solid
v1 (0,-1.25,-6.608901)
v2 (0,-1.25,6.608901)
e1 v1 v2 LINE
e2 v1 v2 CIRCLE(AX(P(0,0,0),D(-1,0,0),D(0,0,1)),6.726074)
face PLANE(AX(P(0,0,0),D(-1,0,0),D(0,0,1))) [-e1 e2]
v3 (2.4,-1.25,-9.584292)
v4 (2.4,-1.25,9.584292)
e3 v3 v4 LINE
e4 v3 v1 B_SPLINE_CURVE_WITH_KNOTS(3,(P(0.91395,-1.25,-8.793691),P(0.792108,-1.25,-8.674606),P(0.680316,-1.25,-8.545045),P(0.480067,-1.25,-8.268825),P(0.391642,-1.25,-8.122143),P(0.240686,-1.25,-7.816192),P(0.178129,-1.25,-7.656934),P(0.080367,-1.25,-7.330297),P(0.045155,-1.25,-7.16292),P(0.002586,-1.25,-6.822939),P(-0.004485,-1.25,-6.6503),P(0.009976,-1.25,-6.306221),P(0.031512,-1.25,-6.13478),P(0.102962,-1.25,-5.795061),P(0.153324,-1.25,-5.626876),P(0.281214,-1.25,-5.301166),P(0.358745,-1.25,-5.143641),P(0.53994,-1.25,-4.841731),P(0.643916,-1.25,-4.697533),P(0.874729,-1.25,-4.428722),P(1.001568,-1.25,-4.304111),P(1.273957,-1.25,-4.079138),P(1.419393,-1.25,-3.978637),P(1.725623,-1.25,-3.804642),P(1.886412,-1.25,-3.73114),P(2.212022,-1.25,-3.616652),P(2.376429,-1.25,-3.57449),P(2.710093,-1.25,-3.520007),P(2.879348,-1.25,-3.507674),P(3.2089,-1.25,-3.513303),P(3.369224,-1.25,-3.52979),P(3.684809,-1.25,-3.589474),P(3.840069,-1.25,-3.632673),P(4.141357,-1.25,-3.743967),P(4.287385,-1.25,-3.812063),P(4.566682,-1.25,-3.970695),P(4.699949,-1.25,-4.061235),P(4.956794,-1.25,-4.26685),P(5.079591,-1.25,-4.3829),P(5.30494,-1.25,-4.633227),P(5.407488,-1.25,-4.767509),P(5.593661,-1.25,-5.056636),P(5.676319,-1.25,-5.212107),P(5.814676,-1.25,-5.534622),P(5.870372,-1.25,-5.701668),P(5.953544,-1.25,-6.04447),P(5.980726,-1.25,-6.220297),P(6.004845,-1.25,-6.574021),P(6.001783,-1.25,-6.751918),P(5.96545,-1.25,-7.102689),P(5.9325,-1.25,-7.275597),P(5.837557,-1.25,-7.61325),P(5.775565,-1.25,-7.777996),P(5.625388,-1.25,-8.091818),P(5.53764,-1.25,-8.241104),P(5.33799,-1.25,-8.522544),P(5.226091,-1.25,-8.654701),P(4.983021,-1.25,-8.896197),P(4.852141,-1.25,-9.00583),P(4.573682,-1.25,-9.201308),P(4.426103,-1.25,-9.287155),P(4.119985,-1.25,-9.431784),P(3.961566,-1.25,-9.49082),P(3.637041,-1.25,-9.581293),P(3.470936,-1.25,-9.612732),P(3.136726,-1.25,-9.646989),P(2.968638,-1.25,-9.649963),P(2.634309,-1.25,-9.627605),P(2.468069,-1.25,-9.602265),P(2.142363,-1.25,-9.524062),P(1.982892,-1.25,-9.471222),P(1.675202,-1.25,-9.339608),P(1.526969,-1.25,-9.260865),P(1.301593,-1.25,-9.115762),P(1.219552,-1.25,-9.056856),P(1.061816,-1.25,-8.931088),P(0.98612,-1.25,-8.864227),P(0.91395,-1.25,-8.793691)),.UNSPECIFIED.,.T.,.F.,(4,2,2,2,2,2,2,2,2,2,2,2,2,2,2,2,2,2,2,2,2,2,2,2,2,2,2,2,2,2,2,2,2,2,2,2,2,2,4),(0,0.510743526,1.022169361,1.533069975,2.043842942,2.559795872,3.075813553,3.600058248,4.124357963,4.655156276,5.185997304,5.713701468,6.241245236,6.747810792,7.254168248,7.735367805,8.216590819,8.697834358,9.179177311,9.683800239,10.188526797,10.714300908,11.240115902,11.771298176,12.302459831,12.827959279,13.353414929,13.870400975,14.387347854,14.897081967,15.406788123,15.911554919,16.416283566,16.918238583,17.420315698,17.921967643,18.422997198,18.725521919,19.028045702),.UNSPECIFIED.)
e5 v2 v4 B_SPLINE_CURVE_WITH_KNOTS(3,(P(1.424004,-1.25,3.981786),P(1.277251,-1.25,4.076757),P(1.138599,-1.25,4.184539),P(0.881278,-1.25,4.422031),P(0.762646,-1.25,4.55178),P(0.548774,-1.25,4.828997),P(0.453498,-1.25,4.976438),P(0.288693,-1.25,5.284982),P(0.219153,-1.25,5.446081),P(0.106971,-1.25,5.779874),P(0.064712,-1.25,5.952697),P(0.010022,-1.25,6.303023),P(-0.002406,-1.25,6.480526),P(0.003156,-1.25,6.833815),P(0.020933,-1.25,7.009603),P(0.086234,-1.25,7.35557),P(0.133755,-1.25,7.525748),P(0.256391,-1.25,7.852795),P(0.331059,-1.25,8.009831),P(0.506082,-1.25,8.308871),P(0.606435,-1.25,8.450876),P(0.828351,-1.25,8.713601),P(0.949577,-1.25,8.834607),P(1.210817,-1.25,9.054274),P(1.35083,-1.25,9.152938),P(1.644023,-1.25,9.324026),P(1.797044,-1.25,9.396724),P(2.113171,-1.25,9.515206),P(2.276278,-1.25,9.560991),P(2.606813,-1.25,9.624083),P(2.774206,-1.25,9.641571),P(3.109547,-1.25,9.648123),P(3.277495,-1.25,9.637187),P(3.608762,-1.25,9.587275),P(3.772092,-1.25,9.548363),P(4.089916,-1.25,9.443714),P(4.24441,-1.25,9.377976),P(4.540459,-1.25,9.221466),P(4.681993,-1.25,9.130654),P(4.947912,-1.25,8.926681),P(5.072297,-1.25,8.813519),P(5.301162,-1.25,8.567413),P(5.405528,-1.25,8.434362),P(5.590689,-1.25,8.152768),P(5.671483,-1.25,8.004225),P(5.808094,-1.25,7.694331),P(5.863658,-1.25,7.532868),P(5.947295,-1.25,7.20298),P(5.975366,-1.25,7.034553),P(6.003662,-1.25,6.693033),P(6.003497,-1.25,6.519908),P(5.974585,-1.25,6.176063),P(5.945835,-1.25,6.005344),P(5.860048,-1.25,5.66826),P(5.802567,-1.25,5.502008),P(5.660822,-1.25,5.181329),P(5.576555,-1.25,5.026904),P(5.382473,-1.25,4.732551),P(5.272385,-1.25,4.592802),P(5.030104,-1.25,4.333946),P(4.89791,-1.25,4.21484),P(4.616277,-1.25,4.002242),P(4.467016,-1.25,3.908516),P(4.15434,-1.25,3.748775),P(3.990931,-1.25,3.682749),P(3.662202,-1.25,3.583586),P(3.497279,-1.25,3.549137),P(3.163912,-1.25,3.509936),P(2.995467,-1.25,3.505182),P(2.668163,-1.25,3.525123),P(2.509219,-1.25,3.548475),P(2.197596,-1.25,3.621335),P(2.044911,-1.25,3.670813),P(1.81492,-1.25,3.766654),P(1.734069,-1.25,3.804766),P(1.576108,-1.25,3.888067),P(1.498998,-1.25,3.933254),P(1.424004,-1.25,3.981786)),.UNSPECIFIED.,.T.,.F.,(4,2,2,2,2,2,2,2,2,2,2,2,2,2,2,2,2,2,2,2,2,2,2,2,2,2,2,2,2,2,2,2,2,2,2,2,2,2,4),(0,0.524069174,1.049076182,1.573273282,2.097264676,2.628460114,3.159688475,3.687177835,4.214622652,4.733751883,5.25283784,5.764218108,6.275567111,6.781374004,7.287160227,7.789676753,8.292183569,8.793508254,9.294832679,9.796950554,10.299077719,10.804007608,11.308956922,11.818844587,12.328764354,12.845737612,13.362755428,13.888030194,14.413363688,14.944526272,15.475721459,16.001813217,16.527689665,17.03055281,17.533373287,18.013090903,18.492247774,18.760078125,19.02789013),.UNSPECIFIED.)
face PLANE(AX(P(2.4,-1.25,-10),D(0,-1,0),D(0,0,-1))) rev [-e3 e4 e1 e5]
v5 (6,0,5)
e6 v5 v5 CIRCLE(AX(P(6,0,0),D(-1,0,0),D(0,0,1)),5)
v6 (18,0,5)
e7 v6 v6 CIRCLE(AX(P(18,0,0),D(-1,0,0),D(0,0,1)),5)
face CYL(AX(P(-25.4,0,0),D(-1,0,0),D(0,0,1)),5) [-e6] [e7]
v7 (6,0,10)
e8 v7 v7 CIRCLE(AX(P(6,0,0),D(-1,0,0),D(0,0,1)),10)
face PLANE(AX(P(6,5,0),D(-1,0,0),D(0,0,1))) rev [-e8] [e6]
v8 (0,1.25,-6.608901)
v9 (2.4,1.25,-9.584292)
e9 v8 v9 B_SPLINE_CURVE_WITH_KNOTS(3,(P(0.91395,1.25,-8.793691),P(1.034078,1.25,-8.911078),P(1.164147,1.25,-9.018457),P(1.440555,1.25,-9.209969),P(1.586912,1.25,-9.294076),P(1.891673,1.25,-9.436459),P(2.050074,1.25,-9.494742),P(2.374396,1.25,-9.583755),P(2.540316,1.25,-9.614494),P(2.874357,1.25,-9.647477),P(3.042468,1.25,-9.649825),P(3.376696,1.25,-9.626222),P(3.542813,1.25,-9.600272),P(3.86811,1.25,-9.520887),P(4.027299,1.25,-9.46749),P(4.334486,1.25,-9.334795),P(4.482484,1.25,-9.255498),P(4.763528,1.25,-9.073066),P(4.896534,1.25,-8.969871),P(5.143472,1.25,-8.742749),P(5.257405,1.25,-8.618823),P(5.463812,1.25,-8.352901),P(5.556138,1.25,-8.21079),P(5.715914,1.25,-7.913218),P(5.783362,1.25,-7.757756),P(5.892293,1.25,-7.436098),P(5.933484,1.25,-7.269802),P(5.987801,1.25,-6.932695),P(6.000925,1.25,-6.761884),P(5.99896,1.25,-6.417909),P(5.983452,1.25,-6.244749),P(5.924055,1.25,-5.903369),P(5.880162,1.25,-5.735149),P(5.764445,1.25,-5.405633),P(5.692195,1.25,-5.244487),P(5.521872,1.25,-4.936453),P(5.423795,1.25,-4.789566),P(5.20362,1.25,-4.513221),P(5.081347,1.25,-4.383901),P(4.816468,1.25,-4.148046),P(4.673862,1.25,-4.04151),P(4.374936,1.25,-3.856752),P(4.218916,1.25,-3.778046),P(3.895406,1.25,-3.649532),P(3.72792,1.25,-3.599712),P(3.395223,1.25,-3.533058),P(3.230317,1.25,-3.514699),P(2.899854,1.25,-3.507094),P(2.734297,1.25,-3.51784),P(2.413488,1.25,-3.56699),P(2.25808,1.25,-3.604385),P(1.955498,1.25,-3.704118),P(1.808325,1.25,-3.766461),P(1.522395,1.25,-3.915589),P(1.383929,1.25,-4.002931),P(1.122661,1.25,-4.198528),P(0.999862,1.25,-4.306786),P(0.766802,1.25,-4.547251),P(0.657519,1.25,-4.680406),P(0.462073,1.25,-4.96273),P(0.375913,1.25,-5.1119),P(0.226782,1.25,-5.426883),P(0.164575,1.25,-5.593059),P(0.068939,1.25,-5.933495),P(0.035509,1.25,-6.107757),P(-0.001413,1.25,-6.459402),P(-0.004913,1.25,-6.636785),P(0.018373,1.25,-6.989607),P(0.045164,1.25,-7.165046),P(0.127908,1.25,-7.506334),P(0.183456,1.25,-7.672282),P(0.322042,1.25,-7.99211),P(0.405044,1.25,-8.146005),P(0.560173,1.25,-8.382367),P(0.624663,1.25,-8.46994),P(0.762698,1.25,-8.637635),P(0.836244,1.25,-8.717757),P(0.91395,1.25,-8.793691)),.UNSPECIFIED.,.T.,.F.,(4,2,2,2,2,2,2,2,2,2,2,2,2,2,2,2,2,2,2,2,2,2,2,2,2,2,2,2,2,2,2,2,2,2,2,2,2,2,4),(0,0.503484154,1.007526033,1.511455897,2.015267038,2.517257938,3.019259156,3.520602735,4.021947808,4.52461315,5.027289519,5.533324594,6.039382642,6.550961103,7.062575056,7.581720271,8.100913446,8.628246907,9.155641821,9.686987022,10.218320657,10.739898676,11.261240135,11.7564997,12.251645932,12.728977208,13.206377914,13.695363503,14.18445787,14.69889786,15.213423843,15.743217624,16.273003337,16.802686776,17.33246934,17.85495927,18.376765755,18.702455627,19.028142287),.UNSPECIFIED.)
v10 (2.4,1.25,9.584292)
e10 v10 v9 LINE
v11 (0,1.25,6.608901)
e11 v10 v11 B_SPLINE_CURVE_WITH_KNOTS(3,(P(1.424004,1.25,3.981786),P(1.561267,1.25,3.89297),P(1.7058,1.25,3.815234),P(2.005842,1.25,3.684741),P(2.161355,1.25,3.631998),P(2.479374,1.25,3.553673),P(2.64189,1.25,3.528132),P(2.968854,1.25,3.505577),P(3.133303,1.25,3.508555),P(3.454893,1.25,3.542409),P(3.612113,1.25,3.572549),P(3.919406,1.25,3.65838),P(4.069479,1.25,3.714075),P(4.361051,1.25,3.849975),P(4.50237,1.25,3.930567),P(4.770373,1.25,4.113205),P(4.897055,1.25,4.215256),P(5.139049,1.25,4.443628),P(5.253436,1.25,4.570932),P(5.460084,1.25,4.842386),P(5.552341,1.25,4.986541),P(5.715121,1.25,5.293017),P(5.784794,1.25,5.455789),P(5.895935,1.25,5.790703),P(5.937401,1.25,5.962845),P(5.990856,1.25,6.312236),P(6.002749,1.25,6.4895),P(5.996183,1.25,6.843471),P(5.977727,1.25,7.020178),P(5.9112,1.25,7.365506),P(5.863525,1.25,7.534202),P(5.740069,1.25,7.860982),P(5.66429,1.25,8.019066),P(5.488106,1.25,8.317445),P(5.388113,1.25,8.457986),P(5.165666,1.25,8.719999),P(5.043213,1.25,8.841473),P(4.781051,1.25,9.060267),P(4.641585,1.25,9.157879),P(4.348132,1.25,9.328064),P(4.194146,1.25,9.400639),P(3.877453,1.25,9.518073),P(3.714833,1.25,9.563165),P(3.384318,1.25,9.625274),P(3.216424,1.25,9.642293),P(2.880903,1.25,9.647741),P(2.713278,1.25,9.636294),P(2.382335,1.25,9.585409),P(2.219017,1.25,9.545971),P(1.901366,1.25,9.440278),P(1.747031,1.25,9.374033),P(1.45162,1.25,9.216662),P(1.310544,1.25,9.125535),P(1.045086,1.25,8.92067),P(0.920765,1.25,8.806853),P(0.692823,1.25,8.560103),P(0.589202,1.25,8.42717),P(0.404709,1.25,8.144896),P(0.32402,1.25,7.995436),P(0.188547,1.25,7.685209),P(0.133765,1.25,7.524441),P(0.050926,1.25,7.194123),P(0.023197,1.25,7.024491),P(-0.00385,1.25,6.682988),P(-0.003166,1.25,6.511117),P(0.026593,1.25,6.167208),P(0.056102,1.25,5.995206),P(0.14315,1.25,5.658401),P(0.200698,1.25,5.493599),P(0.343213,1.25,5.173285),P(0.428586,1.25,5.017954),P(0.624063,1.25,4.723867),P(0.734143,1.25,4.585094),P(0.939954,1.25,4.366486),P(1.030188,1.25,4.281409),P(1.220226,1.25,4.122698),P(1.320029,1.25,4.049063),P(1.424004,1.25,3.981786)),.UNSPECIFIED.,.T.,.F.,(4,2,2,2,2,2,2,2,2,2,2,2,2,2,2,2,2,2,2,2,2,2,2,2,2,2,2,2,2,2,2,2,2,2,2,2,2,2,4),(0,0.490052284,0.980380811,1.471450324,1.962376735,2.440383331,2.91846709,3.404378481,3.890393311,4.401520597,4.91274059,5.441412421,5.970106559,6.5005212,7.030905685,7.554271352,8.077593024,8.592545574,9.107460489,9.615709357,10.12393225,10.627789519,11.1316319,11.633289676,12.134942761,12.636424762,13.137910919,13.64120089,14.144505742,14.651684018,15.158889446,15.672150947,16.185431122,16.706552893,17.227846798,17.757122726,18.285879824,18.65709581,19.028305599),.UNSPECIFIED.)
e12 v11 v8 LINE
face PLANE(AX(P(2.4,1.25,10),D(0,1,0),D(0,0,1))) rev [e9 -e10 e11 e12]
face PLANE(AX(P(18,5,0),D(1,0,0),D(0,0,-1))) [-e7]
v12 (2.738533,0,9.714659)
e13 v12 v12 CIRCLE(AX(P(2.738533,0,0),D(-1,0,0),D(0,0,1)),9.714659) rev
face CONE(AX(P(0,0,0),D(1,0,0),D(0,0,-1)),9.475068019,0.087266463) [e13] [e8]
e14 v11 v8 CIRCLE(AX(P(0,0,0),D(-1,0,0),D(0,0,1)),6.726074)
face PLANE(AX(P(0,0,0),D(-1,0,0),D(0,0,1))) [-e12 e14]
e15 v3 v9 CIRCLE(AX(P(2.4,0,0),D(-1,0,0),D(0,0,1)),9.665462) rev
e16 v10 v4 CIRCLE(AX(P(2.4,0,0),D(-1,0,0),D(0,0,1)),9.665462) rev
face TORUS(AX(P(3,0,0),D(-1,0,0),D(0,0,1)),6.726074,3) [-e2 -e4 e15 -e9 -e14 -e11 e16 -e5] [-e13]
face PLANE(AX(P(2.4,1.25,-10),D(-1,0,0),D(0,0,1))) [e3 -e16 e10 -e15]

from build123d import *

# Parameters (mm, degrees)
FILLET2_R  = 3
SKETCH2_W  = 20
SKETCH2_H  = 2.5
SLOT_DEPTH = 2.4


with BuildPart() as part:
    # BodySke → Base-Revolve (revolve)
    with BuildSketch(Plane.XY, mode=Mode.PRIVATE) as base_revolve_sk:
        Polygon((6, 5), (6, 10), (0, 9.475068019), (0, 0), (18, 0), (18, 5), align=None)
    revolve(base_revolve_sk.sketch.rotate(Axis((-25.4, 0, 0), (1, 0, 0)), 90), axis=Axis((-25.4, 0, 0), (1, 0, 0)))  # turned: the seam where the file's is

    # Fillet2
    fillet2_edges = [part.edges().sort_by_distance(p)[0] for p in [
        (0, 0, -9.475068019),
    ]]
    fillet(fillet2_edges, radius=FILLET2_R)

    # Sketch2 → Slot (cut)
    with BuildSketch(Plane(origin=(0, 0, 0), x_dir=(0, 0, -1), z_dir=(1, 0, 0))):
        Rectangle(SKETCH2_W, SKETCH2_H)
    extrude(amount=SLOT_DEPTH, mode=Mode.SUBTRACT)


solid = part.part
